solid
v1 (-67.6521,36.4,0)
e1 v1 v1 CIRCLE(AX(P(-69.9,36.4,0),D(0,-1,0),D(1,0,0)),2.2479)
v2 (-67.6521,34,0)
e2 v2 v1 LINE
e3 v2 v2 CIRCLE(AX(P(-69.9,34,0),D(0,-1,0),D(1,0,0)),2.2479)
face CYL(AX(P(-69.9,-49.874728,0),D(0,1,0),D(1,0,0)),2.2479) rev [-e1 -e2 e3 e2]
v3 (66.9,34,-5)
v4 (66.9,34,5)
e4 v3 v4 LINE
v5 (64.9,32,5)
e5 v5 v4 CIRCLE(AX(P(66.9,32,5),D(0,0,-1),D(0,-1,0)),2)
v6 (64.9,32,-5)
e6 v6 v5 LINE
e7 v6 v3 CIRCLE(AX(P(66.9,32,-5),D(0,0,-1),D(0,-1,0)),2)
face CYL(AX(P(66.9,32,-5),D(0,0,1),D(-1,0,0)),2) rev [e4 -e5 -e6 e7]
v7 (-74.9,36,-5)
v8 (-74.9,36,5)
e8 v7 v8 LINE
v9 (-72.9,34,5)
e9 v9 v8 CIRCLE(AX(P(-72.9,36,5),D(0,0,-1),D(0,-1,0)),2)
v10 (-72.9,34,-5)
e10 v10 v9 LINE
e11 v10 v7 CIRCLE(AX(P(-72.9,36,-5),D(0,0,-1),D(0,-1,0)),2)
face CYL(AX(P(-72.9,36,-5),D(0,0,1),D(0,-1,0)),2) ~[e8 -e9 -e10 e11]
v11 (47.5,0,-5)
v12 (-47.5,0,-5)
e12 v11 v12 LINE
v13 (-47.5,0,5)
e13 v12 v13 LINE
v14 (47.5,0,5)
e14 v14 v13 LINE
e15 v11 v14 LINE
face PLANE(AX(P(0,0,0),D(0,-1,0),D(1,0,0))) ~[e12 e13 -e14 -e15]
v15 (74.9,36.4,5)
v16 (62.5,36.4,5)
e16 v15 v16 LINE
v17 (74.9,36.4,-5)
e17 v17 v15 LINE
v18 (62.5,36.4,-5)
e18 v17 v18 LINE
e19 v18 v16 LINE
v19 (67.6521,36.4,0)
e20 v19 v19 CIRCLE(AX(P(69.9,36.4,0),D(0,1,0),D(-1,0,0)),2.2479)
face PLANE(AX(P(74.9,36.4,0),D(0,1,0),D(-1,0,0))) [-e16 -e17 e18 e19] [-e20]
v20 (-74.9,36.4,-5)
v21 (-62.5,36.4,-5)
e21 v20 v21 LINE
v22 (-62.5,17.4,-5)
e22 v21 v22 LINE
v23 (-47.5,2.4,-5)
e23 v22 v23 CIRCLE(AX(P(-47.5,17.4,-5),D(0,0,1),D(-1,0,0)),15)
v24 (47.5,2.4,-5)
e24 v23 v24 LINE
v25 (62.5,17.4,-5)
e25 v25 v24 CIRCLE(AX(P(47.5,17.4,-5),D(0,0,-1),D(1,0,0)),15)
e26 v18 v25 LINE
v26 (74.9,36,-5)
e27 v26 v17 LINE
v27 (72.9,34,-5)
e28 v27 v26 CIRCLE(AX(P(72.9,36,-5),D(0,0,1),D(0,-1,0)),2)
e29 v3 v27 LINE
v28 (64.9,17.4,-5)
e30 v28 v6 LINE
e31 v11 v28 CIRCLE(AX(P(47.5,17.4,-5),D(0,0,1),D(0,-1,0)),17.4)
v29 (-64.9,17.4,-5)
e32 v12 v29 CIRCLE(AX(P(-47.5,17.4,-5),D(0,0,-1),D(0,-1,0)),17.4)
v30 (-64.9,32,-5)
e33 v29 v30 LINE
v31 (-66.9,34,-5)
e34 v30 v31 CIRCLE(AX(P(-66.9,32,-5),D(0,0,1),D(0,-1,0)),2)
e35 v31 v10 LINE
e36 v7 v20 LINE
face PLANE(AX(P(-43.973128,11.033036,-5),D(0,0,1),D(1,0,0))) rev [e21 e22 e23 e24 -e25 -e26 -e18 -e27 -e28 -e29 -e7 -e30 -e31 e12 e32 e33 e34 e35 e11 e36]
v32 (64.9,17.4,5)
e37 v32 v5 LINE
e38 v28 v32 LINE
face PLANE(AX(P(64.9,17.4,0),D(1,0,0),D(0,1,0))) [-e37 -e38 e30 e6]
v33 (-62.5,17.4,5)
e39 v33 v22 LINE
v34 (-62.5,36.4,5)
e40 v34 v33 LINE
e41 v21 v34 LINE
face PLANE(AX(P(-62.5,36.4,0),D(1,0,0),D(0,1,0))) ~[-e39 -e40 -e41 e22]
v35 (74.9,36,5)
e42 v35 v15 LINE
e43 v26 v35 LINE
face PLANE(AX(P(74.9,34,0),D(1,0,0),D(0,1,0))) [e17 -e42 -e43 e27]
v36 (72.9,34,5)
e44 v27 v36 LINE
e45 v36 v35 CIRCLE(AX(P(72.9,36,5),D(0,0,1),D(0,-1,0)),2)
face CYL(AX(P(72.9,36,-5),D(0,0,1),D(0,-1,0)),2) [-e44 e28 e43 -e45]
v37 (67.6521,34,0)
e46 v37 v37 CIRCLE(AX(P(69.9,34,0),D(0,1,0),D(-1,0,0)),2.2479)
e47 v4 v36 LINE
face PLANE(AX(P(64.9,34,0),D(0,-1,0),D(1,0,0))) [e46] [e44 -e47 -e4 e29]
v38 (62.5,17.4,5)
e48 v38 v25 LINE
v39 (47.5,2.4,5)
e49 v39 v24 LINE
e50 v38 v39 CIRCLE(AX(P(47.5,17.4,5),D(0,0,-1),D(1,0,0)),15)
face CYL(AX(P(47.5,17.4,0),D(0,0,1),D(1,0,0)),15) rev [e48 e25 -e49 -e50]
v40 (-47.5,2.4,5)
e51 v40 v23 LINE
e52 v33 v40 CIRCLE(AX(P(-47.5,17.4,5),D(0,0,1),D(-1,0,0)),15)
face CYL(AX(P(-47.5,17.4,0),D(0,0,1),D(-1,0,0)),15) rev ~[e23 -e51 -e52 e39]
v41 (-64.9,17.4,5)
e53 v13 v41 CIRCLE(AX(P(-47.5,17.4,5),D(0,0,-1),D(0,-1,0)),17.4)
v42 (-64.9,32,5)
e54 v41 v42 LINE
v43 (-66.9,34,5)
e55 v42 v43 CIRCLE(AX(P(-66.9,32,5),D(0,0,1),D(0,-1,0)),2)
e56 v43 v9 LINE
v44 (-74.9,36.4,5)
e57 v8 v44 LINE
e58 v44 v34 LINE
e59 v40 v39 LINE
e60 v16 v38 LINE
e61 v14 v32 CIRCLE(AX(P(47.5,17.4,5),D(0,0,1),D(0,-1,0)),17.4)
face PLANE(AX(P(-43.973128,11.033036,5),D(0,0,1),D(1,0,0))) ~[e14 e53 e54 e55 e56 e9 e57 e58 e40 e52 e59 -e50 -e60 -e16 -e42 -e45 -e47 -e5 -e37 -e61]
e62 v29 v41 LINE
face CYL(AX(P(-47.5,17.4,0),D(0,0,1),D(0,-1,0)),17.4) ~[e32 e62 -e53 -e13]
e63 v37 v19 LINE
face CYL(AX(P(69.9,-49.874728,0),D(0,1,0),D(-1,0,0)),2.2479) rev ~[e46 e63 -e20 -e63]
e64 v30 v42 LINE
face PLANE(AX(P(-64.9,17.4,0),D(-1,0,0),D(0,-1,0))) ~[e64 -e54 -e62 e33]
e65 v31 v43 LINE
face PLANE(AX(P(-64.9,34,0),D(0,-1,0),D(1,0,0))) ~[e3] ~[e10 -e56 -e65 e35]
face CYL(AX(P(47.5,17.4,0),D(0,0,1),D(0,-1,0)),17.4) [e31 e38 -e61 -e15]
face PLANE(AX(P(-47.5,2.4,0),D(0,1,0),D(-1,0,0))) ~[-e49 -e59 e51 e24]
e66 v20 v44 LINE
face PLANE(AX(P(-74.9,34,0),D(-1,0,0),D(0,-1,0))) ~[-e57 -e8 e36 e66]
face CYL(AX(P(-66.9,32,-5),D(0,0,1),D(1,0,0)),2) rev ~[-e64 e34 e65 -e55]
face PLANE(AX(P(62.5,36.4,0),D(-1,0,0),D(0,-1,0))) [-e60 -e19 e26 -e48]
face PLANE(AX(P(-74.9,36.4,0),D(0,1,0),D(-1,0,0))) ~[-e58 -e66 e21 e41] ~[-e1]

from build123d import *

# Parameters (mm, degrees)
F1_DEPTH = 5
F3_D     = 4.4958
F4_R     = 2


with BuildPart() as f1:
    # F0 (on Top) → F1 (new body, symmetric)
    with BuildSketch(Plane.XY):
        with BuildLine():
            Line((0, 2.4), (0, 0))
            Line((0, 0), (47.5, 0))
            ThreePointArc((47.5, 0), (59.8036579926, 5.0963420074), (64.9, 17.4))
            Line((64.9, 17.4), (64.9, 34))
            Line((64.9, 34), (74.9, 34))
            Line((74.9, 34), (74.9, 36.4))
            Line((74.9, 36.4), (62.5, 36.4))
            Line((62.5, 36.4), (62.5, 17.4))
            ThreePointArc((62.5, 17.4), (58.1066017178, 6.7933982822), (47.5, 2.4))
            Line((47.5, 2.4), (0, 2.4))
        make_face()
    extrude(amount=F1_DEPTH, both=True)

    # F3 (through all)
    with Locations(Plane.XZ.offset(-34)):
        with Locations((69.9, 0)):
            Hole(F3_D / 2)

    # F4
    f4_edges = [f1.edges().sort_by_distance(p)[0] for p in [
        (64.9, 34, 0),
        (74.9, 34, 0),
    ]]
    fillet(f4_edges, radius=F4_R)

    # F5: F1 across face


with BuildPart() as f1_1:
    add(f1.part)
    add(f1.part.mirror(Plane(origin=(0, 1.2, 0), x_dir=(0, -1, 0), z_dir=(-1, 0, 0))))


solid = f1_1.part
